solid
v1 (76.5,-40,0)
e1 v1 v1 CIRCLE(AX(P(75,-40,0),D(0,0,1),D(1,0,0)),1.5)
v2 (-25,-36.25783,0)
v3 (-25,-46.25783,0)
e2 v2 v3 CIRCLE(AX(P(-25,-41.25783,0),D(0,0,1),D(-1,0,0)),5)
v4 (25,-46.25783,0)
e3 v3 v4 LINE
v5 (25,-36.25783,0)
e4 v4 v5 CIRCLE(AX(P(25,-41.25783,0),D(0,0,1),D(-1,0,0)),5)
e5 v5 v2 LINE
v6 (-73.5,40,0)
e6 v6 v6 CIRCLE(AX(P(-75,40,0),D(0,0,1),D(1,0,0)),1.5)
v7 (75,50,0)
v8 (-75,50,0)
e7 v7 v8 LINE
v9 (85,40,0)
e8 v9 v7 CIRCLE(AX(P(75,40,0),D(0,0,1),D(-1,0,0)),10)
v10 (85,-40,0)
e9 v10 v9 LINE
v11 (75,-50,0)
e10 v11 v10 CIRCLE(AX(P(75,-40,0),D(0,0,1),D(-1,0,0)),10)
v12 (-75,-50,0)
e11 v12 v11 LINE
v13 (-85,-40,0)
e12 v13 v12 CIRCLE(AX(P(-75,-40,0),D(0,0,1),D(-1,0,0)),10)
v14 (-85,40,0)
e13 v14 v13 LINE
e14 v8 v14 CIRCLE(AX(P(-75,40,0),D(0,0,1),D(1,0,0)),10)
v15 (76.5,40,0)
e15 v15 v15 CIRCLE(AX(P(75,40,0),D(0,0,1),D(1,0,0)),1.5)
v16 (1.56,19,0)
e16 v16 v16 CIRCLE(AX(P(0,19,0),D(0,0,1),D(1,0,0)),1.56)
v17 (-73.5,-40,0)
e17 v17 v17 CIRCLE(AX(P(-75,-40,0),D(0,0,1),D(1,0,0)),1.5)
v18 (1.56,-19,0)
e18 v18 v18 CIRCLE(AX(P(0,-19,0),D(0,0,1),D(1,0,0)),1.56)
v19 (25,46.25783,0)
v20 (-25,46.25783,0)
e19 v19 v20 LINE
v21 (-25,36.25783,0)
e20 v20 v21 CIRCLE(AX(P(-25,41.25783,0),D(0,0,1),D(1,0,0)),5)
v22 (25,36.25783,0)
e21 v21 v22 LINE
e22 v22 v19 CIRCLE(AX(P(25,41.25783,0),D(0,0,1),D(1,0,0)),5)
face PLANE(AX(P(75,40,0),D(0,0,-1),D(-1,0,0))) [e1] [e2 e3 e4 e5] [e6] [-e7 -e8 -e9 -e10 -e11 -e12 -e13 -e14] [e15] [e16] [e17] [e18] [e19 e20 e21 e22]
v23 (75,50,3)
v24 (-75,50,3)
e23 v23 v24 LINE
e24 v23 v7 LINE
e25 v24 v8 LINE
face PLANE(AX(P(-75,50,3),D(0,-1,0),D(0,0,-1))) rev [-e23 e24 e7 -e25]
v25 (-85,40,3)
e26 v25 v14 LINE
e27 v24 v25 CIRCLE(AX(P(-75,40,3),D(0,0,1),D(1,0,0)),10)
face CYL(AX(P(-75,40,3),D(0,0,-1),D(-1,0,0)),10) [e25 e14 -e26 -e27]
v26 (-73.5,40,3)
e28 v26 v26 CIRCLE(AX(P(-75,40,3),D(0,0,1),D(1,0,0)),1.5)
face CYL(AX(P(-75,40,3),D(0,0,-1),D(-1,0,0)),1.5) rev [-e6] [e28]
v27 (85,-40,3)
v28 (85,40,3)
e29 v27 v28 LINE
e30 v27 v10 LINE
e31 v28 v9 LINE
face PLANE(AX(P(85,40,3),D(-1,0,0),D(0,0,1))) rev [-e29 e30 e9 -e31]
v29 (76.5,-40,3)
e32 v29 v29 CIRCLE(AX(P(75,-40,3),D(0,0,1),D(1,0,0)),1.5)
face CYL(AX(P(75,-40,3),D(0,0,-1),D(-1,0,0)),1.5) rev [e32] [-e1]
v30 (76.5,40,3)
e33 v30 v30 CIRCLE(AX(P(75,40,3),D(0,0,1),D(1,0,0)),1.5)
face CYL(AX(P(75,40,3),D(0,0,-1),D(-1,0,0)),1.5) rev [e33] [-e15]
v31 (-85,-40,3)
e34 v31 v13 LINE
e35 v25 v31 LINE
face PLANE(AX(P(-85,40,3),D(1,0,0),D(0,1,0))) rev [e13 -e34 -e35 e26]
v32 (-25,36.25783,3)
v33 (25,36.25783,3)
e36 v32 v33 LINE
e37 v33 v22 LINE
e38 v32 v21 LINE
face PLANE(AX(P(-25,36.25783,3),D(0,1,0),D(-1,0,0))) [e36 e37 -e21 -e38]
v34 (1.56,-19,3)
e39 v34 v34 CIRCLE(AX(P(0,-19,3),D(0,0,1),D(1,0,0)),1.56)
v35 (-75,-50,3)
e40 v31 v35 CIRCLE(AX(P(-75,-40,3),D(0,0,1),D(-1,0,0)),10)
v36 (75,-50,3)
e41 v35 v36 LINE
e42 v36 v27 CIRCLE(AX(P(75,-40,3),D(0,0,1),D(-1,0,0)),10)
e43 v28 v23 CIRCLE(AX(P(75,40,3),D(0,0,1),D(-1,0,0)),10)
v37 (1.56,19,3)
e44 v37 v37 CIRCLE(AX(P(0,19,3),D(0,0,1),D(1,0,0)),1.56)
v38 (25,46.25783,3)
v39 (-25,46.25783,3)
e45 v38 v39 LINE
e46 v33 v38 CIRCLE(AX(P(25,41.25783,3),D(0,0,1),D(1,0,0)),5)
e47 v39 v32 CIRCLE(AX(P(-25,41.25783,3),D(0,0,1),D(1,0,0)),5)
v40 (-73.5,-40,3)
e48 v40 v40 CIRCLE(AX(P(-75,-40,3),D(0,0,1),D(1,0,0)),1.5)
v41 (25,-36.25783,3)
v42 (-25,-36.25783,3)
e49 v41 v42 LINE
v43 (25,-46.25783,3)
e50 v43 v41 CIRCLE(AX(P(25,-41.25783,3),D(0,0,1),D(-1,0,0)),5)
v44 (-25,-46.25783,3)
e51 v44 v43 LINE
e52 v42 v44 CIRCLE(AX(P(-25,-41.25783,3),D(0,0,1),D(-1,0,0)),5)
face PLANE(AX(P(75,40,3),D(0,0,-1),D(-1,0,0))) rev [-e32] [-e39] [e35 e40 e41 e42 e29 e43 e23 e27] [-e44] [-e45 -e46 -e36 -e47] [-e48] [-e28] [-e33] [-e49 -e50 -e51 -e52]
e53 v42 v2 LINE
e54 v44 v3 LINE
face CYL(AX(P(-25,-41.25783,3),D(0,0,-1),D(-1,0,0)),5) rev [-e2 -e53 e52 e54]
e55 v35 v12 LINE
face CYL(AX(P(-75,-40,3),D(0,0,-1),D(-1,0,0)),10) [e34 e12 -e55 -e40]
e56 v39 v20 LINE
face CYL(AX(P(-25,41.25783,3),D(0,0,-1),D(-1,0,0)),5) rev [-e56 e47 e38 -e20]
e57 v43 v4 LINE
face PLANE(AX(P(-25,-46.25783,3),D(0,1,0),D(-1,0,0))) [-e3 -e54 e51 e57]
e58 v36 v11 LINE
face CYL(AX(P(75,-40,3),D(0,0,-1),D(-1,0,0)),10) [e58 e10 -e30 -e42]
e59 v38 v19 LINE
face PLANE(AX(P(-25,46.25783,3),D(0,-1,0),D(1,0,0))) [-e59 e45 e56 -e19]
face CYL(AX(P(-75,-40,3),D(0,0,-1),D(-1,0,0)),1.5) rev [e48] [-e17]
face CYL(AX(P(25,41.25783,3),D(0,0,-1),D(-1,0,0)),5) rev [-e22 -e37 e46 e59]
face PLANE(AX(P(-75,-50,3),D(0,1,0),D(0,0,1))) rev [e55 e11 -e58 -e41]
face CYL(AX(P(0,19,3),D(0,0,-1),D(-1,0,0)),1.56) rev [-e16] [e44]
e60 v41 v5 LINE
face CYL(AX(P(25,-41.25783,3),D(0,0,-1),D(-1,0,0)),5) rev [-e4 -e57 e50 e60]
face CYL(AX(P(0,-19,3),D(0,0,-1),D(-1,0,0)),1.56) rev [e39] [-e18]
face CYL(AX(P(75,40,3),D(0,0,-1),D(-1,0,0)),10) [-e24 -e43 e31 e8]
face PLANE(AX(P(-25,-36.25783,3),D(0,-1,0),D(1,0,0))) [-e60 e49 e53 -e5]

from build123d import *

# Parameters (mm, degrees)
SKETCH1_R           = 1.5
SKETCH1_R_2         = 1.56
BOSS_EXTRUDE1_DEPTH = 3


with BuildPart() as part:
    # Sketch1 → Boss-Extrude1 (new body)
    with BuildSketch(Plane.XY):
        with BuildLine():
            Line((-75, 50), (75, 50))
            ThreePointArc((75, 50), (82.071067812, 47.071067812), (85, 40))
            Line((85, 40), (85, -40))
            ThreePointArc((85, -40), (82.071067812, -47.071067812), (75, -50))
            Line((75, -50), (-75, -50))
            ThreePointArc((-75, -50), (-82.071067812, -47.071067812), (-85, -40))
            Line((-85, -40), (-85, 40))
            ThreePointArc((-85, 40), (-82.071067812, 47.071067812), (-75, 50))
        make_face()
        with Locations((-75, 40)):
            Circle(SKETCH1_R, mode=Mode.SUBTRACT)
        with Locations((75, 40)):
            Circle(SKETCH1_R, mode=Mode.SUBTRACT)
        with Locations((75, -40)):
            Circle(SKETCH1_R, mode=Mode.SUBTRACT)
        with Locations((-75, -40)):
            Circle(SKETCH1_R, mode=Mode.SUBTRACT)
        with Locations((0, 19)):
            Circle(SKETCH1_R_2, mode=Mode.SUBTRACT)
        with Locations((0, -19)):
            Circle(SKETCH1_R_2, mode=Mode.SUBTRACT)
        with BuildLine():
            Line((-25, 46.257829906), (25, 46.257829906))
            ThreePointArc((25, 46.257829906), (30, 41.257829906), (25, 36.257829906))
            Line((25, 36.257829906), (-25, 36.257829906))
            ThreePointArc((-25, 36.257829906), (-30, 41.257829906), (-25, 46.257829906))
        make_face(mode=Mode.SUBTRACT)
        with BuildLine():
            Line((-25, -46.257829906), (25, -46.257829906))
            ThreePointArc((25, -46.257829906), (30, -41.257829906), (25, -36.257829906))
            Line((25, -36.257829906), (-25, -36.257829906))
            ThreePointArc((-25, -36.257829906), (-30, -41.257829906), (-25, -46.257829906))
        make_face(mode=Mode.SUBTRACT)
    extrude(amount=BOSS_EXTRUDE1_DEPTH)


solid = part.part
